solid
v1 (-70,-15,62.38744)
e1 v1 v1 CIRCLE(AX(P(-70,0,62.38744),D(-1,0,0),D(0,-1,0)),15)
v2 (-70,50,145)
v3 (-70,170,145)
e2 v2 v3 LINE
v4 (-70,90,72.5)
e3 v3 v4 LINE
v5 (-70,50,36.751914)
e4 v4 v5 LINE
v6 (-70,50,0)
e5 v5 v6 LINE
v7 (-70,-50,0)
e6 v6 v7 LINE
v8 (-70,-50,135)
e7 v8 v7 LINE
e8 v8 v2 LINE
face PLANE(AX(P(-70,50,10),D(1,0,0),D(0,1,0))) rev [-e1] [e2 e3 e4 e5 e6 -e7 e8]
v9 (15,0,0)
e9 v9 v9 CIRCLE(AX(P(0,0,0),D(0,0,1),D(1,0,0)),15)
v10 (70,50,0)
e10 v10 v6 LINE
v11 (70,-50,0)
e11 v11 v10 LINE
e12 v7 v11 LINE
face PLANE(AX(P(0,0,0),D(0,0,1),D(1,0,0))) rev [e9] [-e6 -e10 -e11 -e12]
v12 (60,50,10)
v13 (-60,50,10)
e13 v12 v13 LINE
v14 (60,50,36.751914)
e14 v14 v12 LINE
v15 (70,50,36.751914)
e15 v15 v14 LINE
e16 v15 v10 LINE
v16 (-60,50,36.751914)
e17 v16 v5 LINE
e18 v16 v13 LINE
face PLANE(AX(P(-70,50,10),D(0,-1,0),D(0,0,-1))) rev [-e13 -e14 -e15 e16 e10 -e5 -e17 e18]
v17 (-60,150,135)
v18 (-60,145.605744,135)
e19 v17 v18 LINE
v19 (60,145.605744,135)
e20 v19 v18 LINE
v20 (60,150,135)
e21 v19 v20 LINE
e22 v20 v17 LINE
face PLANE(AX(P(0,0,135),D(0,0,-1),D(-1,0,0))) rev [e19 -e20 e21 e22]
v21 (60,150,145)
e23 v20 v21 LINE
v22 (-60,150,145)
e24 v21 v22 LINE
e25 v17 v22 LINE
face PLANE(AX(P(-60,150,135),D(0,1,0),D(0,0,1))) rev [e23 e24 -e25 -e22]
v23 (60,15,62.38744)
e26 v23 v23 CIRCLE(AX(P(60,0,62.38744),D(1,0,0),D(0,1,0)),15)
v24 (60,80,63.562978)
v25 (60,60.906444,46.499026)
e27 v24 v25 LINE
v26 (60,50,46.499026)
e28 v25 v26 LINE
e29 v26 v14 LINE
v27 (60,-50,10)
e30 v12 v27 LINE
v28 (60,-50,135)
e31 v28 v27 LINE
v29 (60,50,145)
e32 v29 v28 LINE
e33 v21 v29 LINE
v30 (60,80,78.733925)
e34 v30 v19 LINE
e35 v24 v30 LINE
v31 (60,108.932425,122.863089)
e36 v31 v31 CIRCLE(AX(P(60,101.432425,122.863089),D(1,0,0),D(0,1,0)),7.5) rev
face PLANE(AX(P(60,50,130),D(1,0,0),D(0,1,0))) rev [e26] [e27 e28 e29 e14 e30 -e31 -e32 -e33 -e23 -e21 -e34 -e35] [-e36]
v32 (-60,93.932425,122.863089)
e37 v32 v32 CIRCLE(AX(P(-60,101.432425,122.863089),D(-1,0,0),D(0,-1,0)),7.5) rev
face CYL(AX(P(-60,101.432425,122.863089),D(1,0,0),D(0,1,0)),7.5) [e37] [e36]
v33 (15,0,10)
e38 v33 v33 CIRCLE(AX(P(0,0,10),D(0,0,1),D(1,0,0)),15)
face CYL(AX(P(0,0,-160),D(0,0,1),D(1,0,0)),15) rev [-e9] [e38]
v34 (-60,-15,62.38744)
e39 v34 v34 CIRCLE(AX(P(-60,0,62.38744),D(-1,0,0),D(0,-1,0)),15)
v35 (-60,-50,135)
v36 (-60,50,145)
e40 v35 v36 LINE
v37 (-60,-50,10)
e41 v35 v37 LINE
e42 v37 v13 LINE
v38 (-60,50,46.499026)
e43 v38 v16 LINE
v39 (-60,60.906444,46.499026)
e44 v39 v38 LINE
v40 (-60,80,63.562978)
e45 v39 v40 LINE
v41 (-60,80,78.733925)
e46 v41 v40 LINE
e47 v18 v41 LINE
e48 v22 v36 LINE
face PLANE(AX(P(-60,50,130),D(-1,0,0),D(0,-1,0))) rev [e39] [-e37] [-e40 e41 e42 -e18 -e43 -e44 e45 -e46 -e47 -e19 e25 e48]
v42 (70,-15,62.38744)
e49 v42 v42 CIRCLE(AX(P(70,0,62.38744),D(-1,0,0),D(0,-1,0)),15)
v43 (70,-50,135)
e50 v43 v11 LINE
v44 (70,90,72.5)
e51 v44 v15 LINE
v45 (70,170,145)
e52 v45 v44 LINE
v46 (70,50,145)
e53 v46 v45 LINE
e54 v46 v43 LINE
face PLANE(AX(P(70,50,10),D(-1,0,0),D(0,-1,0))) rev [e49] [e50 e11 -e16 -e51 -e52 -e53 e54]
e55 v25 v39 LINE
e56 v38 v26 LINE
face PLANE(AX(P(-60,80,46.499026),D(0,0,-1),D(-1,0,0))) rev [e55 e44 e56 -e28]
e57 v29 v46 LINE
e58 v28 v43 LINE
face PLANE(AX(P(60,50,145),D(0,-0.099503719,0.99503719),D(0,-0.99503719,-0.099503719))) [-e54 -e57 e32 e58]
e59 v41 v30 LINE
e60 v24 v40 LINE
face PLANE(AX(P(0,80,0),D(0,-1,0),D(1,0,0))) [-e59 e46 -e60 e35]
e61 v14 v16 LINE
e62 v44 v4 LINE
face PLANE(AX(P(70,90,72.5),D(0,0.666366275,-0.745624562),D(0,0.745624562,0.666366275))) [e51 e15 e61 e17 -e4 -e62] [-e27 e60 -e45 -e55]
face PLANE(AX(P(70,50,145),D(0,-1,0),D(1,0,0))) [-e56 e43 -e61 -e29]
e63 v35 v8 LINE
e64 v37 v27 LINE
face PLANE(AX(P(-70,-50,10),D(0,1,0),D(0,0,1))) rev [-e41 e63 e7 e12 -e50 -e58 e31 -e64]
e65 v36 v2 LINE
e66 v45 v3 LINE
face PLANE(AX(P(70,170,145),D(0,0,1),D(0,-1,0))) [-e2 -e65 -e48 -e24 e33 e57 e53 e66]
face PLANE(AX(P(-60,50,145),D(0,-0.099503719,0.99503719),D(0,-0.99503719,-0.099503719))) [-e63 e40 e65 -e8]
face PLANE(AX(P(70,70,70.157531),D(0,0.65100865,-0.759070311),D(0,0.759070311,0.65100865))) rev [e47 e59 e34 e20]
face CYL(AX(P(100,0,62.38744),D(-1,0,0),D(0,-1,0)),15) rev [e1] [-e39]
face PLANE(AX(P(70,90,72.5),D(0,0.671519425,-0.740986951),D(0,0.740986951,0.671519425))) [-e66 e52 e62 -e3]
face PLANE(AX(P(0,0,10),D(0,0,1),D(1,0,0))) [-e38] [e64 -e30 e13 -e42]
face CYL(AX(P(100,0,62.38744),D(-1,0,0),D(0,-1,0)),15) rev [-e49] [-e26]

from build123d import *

# Parameters (mm, degrees)
SKETCH1_W            = 140
SKETCH1_H            = 100
BOSS_EXTRUDE1_DEPTH  = 10
SKETCH2_W            = 10
SKETCH2_H            = 100
BOSS_EXTRUDE2_DEPTH  = 120
BOSS_EXTRUDE3_DEPTH  = 10
BOSS_EXTRUDE4_DEPTH  = 10
BOSS_EXTRUDE6_DEPTH  = 140
SKETCH7_W            = 120
SKETCH7_H            = 98.500973615
CUT_EXTRUDE1_DEPTH   = 30
SKETCH8_R            = 15
CUT_EXTRUDE2_DEPTH   = 170
SKETCH9_R            = 15
CUT_EXTRUDE3_DEPTH   = 170
CUT_EXTRUDE4_DEPTH   = 140
SKETCH14_W           = 120
SKETCH14_H           = 70
CUT_EXTRUDE5_DEPTH   = 10
BOSS_EXTRUDE8_DEPTH  = 10
BOSS_EXTRUDE9_DEPTH  = 10
SKETCH17_R           = 7.5
BOSS_EXTRUDE10_DEPTH = 120


with BuildPart() as part:
    # Sketch1 → Boss-Extrude1 (new body)
    with BuildSketch(Plane.XY):
        Rectangle(SKETCH1_W, SKETCH1_H)
    extrude(amount=BOSS_EXTRUDE1_DEPTH)

    # Sketch2 → Boss-Extrude2 (add)
    with BuildSketch(Plane.XY.offset(10)):
        with Locations((65, 0)):
            Rectangle(SKETCH2_W, SKETCH2_H)
        with Locations((-65, 0)):
            Rectangle(SKETCH2_W, SKETCH2_H)
    extrude(amount=BOSS_EXTRUDE2_DEPTH)

    # Sketch3 → Boss-Extrude3 (add)
    with BuildSketch(Plane.ZY.offset(70)):
        Polygon((130, 50), (145, 50), (135, -50), (130, -50), align=None)
    extrude(amount=-BOSS_EXTRUDE3_DEPTH)

    # Sketch4 → Boss-Extrude4 (add)
    with BuildSketch(Plane(origin=(70, 0, 0), x_dir=(0, 0, -1), z_dir=(1, 0, 0))):
        Polygon((-130, 50), (-145, 50), (-135, -50), (-130, -50), align=None)
    extrude(amount=-BOSS_EXTRUDE4_DEPTH)

    # Sketch6 → Boss-Extrude6 (add)
    with BuildSketch(Plane.ZY.offset(70)):
        Polygon((72.5, 90), (145, 170), (145, 50), (72.5, 50), (36.751913988, 50), align=None)
    extrude(amount=-BOSS_EXTRUDE6_DEPTH)

    # Sketch7 → Cut-Extrude1 (cut)
    with BuildSketch(Plane.XZ.offset(-50)):
        with Locations((0, 95.749513193)):
            Rectangle(SKETCH7_W, SKETCH7_H)
    extrude(amount=-CUT_EXTRUDE1_DEPTH, mode=Mode.SUBTRACT)

    # Sketch8 → Cut-Extrude2 (cut)
    with BuildSketch(Plane.ZY.offset(70)):
        with Locations((62.387439839, 0)):
            Circle(SKETCH8_R)
    extrude(amount=-CUT_EXTRUDE2_DEPTH, mode=Mode.SUBTRACT)

    # Sketch9 → Cut-Extrude3 (cut)
    with BuildSketch(Plane.XY.offset(10)):
        Circle(SKETCH9_R)
    extrude(amount=-CUT_EXTRUDE3_DEPTH, mode=Mode.SUBTRACT)

    # Sketch13 → Cut-Extrude4 (cut)
    with BuildSketch(Plane.ZY.offset(70)):
        Polygon((70.157530745, 70), (136.03947853, 146.817766748), (136.03947853, 70), align=None)
    extrude(amount=-CUT_EXTRUDE4_DEPTH, mode=Mode.SUBTRACT)

    # Sketch14 → Cut-Extrude5 (cut)
    with BuildSketch(Plane.XY.offset(145)):
        with Locations((0, 115)):
            Rectangle(SKETCH14_W, SKETCH14_H)
    extrude(amount=-CUT_EXTRUDE5_DEPTH, mode=Mode.SUBTRACT)

    # Sketch15 → Boss-Extrude8 (add)
    with BuildSketch(Plane.ZY.offset(70)):
        Polygon((136.03947853, 146.817766748), (136.03947853, 70), (70.157530745, 70), align=None)
    extrude(amount=-BOSS_EXTRUDE8_DEPTH)

    # Sketch16 → Boss-Extrude9 (add)
    with BuildSketch(Plane(origin=(70, 0, 0), x_dir=(0, 0, -1), z_dir=(1, 0, 0))):
        Polygon((-136.03947853, 146.817766748), (-136.03947853, 70), (-70.157530745, 70), align=None)
    extrude(amount=-BOSS_EXTRUDE9_DEPTH)

    # Sketch17 → Boss-Extrude10 (add)
    with BuildSketch(Plane.ZY.offset(-60)):
        with Locations((122.863088973, 101.43242494)):
            Circle(SKETCH17_R)
    extrude(amount=BOSS_EXTRUDE10_DEPTH)


solid = part.part
